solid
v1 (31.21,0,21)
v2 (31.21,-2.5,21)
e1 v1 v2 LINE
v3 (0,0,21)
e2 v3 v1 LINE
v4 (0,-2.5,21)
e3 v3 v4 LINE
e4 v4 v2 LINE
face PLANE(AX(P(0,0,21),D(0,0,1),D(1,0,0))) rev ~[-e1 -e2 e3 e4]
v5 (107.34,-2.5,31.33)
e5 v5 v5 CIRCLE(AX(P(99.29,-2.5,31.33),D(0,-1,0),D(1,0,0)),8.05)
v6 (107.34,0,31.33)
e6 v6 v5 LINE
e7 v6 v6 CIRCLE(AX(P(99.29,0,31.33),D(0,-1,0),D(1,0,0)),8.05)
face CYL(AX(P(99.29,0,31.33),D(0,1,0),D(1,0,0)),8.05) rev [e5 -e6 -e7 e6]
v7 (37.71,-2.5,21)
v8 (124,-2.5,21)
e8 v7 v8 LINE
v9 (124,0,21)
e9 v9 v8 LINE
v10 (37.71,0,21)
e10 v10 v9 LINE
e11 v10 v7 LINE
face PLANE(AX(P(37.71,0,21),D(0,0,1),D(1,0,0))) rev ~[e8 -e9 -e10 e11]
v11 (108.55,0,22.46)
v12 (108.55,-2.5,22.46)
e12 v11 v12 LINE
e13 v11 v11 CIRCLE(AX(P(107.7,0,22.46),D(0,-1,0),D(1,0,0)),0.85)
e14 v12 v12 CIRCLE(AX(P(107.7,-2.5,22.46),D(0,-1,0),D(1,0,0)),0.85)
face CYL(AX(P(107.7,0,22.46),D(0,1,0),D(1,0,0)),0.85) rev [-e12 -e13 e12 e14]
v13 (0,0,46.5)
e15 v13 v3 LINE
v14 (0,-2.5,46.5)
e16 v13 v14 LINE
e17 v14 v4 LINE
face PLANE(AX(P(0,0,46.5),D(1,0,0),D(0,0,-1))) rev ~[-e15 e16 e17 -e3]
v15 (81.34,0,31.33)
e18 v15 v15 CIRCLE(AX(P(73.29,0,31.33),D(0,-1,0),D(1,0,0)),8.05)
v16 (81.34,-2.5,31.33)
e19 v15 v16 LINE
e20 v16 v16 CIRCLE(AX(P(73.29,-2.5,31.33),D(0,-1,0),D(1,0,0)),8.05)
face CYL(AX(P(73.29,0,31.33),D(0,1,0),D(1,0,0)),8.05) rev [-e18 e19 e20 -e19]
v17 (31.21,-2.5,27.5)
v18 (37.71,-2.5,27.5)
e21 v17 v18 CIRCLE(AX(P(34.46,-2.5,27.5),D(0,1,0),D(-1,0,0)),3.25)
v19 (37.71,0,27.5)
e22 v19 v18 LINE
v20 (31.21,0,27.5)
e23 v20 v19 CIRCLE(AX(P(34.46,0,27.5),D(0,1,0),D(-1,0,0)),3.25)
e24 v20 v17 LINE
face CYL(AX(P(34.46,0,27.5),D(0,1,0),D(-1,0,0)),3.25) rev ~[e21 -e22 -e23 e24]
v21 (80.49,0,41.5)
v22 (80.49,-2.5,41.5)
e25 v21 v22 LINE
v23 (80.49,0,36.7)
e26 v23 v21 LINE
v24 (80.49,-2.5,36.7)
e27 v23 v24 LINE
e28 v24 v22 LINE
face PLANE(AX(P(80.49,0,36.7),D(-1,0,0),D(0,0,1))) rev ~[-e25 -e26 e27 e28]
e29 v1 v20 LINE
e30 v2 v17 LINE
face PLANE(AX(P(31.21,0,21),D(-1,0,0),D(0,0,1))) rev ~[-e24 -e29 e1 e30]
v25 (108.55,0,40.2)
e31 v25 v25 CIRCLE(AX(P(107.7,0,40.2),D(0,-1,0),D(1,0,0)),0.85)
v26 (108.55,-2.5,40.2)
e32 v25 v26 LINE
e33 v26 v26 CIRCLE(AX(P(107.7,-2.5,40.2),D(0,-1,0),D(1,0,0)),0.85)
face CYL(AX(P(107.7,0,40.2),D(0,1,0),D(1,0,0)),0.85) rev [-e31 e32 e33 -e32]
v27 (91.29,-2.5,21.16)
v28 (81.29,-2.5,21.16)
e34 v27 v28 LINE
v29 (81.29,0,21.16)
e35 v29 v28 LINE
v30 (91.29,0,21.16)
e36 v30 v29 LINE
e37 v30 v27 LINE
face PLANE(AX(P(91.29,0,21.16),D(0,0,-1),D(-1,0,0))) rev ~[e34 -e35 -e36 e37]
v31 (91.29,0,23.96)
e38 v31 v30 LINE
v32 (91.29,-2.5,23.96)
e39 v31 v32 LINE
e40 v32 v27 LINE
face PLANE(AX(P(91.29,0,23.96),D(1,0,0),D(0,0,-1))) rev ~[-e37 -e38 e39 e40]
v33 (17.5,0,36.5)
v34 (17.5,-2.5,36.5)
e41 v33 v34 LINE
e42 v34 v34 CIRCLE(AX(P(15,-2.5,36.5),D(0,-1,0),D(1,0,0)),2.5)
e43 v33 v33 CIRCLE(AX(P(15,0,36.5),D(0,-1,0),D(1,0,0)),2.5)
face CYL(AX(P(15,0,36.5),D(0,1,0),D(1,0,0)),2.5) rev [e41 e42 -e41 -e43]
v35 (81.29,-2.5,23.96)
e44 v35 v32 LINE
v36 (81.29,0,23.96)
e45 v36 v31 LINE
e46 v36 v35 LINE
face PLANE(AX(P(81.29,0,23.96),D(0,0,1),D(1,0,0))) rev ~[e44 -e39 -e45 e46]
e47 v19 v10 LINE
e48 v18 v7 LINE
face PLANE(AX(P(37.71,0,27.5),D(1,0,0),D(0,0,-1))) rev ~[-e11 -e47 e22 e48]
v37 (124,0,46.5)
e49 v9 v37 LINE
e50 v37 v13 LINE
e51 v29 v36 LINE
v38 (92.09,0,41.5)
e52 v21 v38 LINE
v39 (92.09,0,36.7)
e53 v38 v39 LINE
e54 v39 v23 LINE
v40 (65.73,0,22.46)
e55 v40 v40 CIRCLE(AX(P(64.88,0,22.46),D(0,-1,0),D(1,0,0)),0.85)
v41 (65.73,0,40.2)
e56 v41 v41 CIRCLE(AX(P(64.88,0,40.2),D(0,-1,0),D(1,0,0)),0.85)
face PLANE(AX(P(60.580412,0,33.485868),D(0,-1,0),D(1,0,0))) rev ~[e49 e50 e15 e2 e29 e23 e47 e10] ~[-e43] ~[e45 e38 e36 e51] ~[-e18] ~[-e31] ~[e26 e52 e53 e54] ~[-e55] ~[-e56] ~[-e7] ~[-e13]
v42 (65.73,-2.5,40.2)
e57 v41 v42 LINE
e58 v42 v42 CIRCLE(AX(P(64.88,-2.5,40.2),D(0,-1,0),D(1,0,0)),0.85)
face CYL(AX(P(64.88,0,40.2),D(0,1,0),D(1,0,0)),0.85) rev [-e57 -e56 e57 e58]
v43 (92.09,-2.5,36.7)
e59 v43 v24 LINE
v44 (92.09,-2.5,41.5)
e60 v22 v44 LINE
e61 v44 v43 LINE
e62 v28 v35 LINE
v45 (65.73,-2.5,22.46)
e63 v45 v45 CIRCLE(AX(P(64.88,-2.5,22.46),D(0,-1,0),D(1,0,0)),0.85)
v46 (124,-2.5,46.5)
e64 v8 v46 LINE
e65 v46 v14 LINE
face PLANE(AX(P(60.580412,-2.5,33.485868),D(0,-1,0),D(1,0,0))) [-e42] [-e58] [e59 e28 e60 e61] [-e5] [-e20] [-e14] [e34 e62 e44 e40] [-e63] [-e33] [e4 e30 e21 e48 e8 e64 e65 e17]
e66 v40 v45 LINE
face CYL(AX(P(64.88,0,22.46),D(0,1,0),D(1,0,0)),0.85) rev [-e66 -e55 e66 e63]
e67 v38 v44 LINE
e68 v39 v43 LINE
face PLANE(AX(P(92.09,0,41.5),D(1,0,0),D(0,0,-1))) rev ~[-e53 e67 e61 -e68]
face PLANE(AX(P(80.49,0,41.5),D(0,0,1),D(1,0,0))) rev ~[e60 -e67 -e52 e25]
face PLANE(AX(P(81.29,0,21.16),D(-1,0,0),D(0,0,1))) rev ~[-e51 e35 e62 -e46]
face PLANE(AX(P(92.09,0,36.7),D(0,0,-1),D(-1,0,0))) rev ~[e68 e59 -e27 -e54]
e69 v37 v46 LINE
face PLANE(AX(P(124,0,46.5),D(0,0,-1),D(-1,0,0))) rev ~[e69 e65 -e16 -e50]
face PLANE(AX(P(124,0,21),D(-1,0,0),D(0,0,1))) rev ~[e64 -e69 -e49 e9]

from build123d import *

# Parameters (mm, degrees)
F0_R     = 0.85
F0_R_2   = 8.05
F0_R_3   = 2.5
F1_DEPTH = 2.5


with BuildPart() as f1:
    # F0 (on Front) → F1 (new body)
    with BuildSketch(Plane.XZ):
        with BuildLine():
            Line((0, 46.5), (0, 21))
            Line((0, 21), (31.21, 21))
            Line((31.21, 21), (31.21, 27.5))
            ThreePointArc((31.21, 27.5), (34.46, 30.75), (37.71, 27.5))
            Line((37.71, 27.5), (37.71, 21))
            Line((37.71, 21), (124, 21))
            Line((124, 21), (124, 46.5))
            Line((124, 46.5), (0, 46.5))
        make_face()
        with Locations((64.88, 22.46)):
            Circle(F0_R, mode=Mode.SUBTRACT)
        Polygon((81.29, 21.16), (81.29, 23.96), (86.29, 23.96), (91.29, 23.96), (91.29, 21.16), (86.29, 21.16), align=None, mode=Mode.SUBTRACT)
        with Locations((107.7, 22.46)):
            Circle(F0_R, mode=Mode.SUBTRACT)
        with Locations((73.29, 31.33)):
            Circle(F0_R_2, mode=Mode.SUBTRACT)
        with Locations((99.29, 31.33)):
            Circle(F0_R_2, mode=Mode.SUBTRACT)
        with Locations((15, 36.5)):
            Circle(F0_R_3, mode=Mode.SUBTRACT)
        Polygon((80.49, 36.7), (80.49, 41.5), (86.29, 41.5), (92.09, 41.5), (92.09, 36.7), (86.29, 36.7), align=None, mode=Mode.SUBTRACT)
        with Locations((64.88, 40.2)):
            Circle(F0_R, mode=Mode.SUBTRACT)
        with Locations((107.7, 40.2)):
            Circle(F0_R, mode=Mode.SUBTRACT)
    extrude(amount=F1_DEPTH)


solid = f1.part
